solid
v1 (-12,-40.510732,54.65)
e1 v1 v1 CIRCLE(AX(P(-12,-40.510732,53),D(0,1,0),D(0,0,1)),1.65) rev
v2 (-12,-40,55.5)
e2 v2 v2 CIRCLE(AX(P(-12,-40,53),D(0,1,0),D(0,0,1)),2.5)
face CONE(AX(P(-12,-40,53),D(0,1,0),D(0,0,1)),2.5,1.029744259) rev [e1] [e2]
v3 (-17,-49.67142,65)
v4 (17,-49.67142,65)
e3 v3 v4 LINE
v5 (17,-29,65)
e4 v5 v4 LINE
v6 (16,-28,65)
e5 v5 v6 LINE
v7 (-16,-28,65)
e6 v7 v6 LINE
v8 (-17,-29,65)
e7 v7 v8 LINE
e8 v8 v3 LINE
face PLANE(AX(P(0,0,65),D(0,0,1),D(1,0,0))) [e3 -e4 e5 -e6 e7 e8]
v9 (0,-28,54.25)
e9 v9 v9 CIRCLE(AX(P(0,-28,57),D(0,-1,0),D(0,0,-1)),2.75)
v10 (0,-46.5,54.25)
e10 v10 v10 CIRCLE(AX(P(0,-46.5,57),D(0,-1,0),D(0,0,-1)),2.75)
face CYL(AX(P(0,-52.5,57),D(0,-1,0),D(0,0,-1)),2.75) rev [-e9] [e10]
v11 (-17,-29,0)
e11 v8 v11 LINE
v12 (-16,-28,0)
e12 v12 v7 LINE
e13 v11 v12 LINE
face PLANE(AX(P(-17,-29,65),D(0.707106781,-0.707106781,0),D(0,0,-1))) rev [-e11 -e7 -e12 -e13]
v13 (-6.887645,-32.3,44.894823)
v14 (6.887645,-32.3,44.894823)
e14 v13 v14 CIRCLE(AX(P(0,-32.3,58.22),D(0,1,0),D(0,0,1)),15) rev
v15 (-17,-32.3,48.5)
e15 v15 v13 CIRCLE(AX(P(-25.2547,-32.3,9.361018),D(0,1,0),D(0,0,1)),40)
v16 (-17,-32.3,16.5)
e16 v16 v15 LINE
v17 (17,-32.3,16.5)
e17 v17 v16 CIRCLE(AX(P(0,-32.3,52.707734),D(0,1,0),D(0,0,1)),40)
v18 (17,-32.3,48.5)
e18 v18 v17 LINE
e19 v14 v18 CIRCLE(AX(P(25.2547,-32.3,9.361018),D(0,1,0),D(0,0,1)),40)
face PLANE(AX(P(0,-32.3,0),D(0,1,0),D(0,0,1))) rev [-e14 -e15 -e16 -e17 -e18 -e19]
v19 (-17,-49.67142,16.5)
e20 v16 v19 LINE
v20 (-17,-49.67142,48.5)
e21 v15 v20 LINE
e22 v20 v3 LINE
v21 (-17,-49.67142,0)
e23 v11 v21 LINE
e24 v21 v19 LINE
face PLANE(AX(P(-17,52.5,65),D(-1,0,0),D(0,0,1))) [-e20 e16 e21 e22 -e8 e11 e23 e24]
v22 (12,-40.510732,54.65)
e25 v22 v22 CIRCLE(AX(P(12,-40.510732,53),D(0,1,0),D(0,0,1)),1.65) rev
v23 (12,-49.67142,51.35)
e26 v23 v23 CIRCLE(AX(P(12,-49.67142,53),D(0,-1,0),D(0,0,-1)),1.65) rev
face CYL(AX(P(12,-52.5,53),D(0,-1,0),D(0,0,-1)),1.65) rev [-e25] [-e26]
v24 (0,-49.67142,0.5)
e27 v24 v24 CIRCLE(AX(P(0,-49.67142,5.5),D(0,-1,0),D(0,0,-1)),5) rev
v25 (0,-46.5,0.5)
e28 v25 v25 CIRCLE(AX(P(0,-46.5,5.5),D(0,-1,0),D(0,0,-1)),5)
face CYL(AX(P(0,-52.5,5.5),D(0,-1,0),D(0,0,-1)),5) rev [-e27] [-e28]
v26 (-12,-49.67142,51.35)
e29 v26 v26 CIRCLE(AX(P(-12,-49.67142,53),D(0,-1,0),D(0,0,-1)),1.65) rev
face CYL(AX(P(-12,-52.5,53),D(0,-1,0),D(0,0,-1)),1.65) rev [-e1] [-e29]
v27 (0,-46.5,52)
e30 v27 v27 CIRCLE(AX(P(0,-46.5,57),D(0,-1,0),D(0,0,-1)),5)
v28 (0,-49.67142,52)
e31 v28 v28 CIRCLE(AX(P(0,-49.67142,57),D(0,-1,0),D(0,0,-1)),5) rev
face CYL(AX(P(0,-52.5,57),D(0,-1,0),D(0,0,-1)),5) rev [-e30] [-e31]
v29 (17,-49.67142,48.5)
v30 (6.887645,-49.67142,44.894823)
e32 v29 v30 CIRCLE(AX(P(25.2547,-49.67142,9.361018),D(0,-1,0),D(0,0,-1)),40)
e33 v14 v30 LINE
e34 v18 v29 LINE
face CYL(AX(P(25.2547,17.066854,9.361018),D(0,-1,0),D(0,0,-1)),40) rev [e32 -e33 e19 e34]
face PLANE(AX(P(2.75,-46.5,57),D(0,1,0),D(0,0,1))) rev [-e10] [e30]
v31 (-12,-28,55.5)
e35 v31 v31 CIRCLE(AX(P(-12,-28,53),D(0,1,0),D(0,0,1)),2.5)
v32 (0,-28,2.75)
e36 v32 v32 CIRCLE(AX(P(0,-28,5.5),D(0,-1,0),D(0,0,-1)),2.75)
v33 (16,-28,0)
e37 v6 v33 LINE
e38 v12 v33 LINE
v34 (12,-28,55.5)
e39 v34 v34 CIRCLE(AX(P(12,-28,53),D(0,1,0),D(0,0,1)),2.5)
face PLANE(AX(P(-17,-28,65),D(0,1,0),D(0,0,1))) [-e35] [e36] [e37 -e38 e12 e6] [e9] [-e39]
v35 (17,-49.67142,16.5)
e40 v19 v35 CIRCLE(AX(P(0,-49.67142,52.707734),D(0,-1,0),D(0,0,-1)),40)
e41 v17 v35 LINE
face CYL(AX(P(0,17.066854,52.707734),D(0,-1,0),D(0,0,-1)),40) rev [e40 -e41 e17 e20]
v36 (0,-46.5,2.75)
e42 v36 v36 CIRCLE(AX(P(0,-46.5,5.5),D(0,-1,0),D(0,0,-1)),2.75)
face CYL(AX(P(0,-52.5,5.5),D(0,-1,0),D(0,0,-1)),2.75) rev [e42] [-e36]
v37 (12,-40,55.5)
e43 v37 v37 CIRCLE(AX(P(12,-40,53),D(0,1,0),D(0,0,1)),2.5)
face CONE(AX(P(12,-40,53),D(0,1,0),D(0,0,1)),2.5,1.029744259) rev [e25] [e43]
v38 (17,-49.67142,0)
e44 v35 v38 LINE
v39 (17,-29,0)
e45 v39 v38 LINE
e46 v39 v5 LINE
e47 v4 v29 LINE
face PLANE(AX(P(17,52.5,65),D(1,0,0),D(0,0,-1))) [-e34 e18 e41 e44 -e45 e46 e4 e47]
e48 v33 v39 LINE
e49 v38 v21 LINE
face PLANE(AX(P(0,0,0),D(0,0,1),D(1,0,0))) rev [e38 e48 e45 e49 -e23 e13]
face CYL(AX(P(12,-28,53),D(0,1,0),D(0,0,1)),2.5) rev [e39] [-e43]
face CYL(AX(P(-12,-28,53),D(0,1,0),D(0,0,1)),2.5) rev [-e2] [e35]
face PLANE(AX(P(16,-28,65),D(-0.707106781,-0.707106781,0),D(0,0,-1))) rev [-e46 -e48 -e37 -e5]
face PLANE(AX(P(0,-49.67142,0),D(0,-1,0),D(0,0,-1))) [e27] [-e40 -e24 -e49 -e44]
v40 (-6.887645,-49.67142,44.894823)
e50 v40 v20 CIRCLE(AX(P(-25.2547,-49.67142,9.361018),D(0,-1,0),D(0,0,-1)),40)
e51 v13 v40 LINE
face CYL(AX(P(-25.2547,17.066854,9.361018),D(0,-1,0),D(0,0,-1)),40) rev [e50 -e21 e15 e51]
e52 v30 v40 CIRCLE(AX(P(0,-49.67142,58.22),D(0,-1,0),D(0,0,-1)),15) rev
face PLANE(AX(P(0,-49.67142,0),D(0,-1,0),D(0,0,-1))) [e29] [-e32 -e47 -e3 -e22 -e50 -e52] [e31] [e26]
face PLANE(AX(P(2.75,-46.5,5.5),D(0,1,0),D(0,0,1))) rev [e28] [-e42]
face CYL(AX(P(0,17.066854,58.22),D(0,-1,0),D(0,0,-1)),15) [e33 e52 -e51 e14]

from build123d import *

# Parameters (mm, degrees)
SKIZZE1_R                                            = 52.5
SKIZZE1_R_2                                          = 17.5
AUFSATZ_LINEAR_AUSTRAGEN1_DEPTH                      = 65
SKIZZE18_W                                           = 35.5
SKIZZE18_H                                           = 65
SCHNITT_LINEAR_AUSTRAGEN11_DEPTH                     = 106
SKIZZE25_W                                           = 34
SKIZZE25_H                                           = 81
SCHNITT_LINEAR_AUSTRAGEN12_DEPTH                     = 66
F_5_0_5_DURCHMESSER_BOHRUNG1_D                       = 5
F_5_0_5_DURCHMESSER_BOHRUNG1_DEPTH                   = 12
F_5_0_5_DURCHMESSER_BOHRUNG1_TIP                     = 1.502151548
M4_GEWINDEBOHRUNG1_D                                 = 3.3
STIRNSENKUNG_F_R_M5_ZYLINDERSCHRAUBE_MIT_D           = 5.5
STIRNSENKUNG_F_R_M5_ZYLINDERSCHRAUBE_MIT_CBORE_D     = 10
STIRNSENKUNG_F_R_M5_ZYLINDERSCHRAUBE_MIT_CBORE_DEPTH = 6
FASE1_SIZE                                           = 1
CUT_EXTRUDE1_DEPTH                                   = 20.2
SKETCH1_W                                            = 34
SKETCH1_H                                            = 65
CUT_EXTRUDE2_DEPTH                                   = 2.82858


with BuildPart() as part:
    # Skizze1 → Aufsatz-Linear austragen1 (new body)
    with BuildSketch(Plane.XY):
        Circle(SKIZZE1_R)
        Circle(SKIZZE1_R_2, mode=Mode.SUBTRACT)
    extrude(amount=AUFSATZ_LINEAR_AUSTRAGEN1_DEPTH)

    # Skizze18 → Schnitt-Linear austragen11 (cut, through all)
    with BuildSketch(Plane(origin=(0, -52.5, 0), x_dir=(1, 0, 0), z_dir=(0, 1, 0))):
        with Locations((-34.75, -32.5)):
            Rectangle(SKIZZE18_W, SKIZZE18_H)
        with Locations((34.75, -32.5)):
            Rectangle(SKIZZE18_W, SKIZZE18_H)
    extrude(amount=SCHNITT_LINEAR_AUSTRAGEN11_DEPTH, mode=Mode.SUBTRACT)

    # Skizze25 → Schnitt-Linear austragen12 (cut, through all)
    with BuildSketch(Plane.XY):
        with Locations((0, 12.5)):
            Rectangle(SKIZZE25_W, SKIZZE25_H)
    extrude(amount=SCHNITT_LINEAR_AUSTRAGEN12_DEPTH, mode=Mode.SUBTRACT)

    # 5.0 _5_ Durchmesser Bohrung1
    with Locations(Plane(origin=(0, -28, 0), x_dir=(1, 0, 0), z_dir=(0, 1, 0))):
        with Locations((12, -53), (-12, -53)):
            Hole(F_5_0_5_DURCHMESSER_BOHRUNG1_D / 2, depth=F_5_0_5_DURCHMESSER_BOHRUNG1_DEPTH)
            with Locations((0, 0, -(F_5_0_5_DURCHMESSER_BOHRUNG1_DEPTH + F_5_0_5_DURCHMESSER_BOHRUNG1_TIP / 2))):  # 118° drill point
                Cone(0, F_5_0_5_DURCHMESSER_BOHRUNG1_D / 2, F_5_0_5_DURCHMESSER_BOHRUNG1_TIP, mode=Mode.SUBTRACT)

    # M4 Gewindebohrung1 (through all)
    with Locations(Plane.XZ.offset(52.5)):
        with Locations((-12, 53), (12, 53)):
            Hole(M4_GEWINDEBOHRUNG1_D / 2)

    # Stirnsenkung f_r M5 Zylinderschraube mit (through all)
    with Locations(Plane.XZ.offset(52.5)):
        with Locations((0, 5.5), (0, 57)):
            CounterBoreHole(STIRNSENKUNG_F_R_M5_ZYLINDERSCHRAUBE_MIT_D / 2, STIRNSENKUNG_F_R_M5_ZYLINDERSCHRAUBE_MIT_CBORE_D / 2, STIRNSENKUNG_F_R_M5_ZYLINDERSCHRAUBE_MIT_CBORE_DEPTH)

    # Fase1
    fase1_edges = [part.edges().sort_by_distance(p)[0] for p in [
        (-17, -28, 32.5),
        (17, -28, 32.5),
    ]]
    chamfer(fase1_edges, length=FASE1_SIZE)

    # Skizze3_2 → Cut-Extrude1 (cut)
    with BuildSketch(Plane(origin=(0, -52.5, 0), x_dir=(1, 0, 0), z_dir=(0, 1, 0))):
        with BuildLine():
            Line((17, -48.5), (17, -16.5))
            ThreePointArc((17, -16.5), (0, -12.70773398), (-17, -16.5))
            Line((-17, -16.5), (-17, -48.5))
            ThreePointArc((-17, -48.5), (-11.82232192, -47.038215467), (-6.887645327, -44.894823008))
            ThreePointArc((-6.887645327, -44.894823008), (0, -43.22), (6.887645327, -44.894823008))
            ThreePointArc((6.887645327, -44.894823008), (11.82232192, -47.038215467), (17, -48.5))
        make_face()
    extrude(amount=CUT_EXTRUDE1_DEPTH, mode=Mode.SUBTRACT)

    # Sketch1 → Cut-Extrude2 (cut)
    with BuildSketch(Plane(origin=(0, -52.5, 0), x_dir=(1, 0, 0), z_dir=(0, 1, 0))):
        with Locations((0, -32.5)):
            Rectangle(SKETCH1_W, SKETCH1_H)
    extrude(amount=CUT_EXTRUDE2_DEPTH, mode=Mode.SUBTRACT)


solid = part.part
